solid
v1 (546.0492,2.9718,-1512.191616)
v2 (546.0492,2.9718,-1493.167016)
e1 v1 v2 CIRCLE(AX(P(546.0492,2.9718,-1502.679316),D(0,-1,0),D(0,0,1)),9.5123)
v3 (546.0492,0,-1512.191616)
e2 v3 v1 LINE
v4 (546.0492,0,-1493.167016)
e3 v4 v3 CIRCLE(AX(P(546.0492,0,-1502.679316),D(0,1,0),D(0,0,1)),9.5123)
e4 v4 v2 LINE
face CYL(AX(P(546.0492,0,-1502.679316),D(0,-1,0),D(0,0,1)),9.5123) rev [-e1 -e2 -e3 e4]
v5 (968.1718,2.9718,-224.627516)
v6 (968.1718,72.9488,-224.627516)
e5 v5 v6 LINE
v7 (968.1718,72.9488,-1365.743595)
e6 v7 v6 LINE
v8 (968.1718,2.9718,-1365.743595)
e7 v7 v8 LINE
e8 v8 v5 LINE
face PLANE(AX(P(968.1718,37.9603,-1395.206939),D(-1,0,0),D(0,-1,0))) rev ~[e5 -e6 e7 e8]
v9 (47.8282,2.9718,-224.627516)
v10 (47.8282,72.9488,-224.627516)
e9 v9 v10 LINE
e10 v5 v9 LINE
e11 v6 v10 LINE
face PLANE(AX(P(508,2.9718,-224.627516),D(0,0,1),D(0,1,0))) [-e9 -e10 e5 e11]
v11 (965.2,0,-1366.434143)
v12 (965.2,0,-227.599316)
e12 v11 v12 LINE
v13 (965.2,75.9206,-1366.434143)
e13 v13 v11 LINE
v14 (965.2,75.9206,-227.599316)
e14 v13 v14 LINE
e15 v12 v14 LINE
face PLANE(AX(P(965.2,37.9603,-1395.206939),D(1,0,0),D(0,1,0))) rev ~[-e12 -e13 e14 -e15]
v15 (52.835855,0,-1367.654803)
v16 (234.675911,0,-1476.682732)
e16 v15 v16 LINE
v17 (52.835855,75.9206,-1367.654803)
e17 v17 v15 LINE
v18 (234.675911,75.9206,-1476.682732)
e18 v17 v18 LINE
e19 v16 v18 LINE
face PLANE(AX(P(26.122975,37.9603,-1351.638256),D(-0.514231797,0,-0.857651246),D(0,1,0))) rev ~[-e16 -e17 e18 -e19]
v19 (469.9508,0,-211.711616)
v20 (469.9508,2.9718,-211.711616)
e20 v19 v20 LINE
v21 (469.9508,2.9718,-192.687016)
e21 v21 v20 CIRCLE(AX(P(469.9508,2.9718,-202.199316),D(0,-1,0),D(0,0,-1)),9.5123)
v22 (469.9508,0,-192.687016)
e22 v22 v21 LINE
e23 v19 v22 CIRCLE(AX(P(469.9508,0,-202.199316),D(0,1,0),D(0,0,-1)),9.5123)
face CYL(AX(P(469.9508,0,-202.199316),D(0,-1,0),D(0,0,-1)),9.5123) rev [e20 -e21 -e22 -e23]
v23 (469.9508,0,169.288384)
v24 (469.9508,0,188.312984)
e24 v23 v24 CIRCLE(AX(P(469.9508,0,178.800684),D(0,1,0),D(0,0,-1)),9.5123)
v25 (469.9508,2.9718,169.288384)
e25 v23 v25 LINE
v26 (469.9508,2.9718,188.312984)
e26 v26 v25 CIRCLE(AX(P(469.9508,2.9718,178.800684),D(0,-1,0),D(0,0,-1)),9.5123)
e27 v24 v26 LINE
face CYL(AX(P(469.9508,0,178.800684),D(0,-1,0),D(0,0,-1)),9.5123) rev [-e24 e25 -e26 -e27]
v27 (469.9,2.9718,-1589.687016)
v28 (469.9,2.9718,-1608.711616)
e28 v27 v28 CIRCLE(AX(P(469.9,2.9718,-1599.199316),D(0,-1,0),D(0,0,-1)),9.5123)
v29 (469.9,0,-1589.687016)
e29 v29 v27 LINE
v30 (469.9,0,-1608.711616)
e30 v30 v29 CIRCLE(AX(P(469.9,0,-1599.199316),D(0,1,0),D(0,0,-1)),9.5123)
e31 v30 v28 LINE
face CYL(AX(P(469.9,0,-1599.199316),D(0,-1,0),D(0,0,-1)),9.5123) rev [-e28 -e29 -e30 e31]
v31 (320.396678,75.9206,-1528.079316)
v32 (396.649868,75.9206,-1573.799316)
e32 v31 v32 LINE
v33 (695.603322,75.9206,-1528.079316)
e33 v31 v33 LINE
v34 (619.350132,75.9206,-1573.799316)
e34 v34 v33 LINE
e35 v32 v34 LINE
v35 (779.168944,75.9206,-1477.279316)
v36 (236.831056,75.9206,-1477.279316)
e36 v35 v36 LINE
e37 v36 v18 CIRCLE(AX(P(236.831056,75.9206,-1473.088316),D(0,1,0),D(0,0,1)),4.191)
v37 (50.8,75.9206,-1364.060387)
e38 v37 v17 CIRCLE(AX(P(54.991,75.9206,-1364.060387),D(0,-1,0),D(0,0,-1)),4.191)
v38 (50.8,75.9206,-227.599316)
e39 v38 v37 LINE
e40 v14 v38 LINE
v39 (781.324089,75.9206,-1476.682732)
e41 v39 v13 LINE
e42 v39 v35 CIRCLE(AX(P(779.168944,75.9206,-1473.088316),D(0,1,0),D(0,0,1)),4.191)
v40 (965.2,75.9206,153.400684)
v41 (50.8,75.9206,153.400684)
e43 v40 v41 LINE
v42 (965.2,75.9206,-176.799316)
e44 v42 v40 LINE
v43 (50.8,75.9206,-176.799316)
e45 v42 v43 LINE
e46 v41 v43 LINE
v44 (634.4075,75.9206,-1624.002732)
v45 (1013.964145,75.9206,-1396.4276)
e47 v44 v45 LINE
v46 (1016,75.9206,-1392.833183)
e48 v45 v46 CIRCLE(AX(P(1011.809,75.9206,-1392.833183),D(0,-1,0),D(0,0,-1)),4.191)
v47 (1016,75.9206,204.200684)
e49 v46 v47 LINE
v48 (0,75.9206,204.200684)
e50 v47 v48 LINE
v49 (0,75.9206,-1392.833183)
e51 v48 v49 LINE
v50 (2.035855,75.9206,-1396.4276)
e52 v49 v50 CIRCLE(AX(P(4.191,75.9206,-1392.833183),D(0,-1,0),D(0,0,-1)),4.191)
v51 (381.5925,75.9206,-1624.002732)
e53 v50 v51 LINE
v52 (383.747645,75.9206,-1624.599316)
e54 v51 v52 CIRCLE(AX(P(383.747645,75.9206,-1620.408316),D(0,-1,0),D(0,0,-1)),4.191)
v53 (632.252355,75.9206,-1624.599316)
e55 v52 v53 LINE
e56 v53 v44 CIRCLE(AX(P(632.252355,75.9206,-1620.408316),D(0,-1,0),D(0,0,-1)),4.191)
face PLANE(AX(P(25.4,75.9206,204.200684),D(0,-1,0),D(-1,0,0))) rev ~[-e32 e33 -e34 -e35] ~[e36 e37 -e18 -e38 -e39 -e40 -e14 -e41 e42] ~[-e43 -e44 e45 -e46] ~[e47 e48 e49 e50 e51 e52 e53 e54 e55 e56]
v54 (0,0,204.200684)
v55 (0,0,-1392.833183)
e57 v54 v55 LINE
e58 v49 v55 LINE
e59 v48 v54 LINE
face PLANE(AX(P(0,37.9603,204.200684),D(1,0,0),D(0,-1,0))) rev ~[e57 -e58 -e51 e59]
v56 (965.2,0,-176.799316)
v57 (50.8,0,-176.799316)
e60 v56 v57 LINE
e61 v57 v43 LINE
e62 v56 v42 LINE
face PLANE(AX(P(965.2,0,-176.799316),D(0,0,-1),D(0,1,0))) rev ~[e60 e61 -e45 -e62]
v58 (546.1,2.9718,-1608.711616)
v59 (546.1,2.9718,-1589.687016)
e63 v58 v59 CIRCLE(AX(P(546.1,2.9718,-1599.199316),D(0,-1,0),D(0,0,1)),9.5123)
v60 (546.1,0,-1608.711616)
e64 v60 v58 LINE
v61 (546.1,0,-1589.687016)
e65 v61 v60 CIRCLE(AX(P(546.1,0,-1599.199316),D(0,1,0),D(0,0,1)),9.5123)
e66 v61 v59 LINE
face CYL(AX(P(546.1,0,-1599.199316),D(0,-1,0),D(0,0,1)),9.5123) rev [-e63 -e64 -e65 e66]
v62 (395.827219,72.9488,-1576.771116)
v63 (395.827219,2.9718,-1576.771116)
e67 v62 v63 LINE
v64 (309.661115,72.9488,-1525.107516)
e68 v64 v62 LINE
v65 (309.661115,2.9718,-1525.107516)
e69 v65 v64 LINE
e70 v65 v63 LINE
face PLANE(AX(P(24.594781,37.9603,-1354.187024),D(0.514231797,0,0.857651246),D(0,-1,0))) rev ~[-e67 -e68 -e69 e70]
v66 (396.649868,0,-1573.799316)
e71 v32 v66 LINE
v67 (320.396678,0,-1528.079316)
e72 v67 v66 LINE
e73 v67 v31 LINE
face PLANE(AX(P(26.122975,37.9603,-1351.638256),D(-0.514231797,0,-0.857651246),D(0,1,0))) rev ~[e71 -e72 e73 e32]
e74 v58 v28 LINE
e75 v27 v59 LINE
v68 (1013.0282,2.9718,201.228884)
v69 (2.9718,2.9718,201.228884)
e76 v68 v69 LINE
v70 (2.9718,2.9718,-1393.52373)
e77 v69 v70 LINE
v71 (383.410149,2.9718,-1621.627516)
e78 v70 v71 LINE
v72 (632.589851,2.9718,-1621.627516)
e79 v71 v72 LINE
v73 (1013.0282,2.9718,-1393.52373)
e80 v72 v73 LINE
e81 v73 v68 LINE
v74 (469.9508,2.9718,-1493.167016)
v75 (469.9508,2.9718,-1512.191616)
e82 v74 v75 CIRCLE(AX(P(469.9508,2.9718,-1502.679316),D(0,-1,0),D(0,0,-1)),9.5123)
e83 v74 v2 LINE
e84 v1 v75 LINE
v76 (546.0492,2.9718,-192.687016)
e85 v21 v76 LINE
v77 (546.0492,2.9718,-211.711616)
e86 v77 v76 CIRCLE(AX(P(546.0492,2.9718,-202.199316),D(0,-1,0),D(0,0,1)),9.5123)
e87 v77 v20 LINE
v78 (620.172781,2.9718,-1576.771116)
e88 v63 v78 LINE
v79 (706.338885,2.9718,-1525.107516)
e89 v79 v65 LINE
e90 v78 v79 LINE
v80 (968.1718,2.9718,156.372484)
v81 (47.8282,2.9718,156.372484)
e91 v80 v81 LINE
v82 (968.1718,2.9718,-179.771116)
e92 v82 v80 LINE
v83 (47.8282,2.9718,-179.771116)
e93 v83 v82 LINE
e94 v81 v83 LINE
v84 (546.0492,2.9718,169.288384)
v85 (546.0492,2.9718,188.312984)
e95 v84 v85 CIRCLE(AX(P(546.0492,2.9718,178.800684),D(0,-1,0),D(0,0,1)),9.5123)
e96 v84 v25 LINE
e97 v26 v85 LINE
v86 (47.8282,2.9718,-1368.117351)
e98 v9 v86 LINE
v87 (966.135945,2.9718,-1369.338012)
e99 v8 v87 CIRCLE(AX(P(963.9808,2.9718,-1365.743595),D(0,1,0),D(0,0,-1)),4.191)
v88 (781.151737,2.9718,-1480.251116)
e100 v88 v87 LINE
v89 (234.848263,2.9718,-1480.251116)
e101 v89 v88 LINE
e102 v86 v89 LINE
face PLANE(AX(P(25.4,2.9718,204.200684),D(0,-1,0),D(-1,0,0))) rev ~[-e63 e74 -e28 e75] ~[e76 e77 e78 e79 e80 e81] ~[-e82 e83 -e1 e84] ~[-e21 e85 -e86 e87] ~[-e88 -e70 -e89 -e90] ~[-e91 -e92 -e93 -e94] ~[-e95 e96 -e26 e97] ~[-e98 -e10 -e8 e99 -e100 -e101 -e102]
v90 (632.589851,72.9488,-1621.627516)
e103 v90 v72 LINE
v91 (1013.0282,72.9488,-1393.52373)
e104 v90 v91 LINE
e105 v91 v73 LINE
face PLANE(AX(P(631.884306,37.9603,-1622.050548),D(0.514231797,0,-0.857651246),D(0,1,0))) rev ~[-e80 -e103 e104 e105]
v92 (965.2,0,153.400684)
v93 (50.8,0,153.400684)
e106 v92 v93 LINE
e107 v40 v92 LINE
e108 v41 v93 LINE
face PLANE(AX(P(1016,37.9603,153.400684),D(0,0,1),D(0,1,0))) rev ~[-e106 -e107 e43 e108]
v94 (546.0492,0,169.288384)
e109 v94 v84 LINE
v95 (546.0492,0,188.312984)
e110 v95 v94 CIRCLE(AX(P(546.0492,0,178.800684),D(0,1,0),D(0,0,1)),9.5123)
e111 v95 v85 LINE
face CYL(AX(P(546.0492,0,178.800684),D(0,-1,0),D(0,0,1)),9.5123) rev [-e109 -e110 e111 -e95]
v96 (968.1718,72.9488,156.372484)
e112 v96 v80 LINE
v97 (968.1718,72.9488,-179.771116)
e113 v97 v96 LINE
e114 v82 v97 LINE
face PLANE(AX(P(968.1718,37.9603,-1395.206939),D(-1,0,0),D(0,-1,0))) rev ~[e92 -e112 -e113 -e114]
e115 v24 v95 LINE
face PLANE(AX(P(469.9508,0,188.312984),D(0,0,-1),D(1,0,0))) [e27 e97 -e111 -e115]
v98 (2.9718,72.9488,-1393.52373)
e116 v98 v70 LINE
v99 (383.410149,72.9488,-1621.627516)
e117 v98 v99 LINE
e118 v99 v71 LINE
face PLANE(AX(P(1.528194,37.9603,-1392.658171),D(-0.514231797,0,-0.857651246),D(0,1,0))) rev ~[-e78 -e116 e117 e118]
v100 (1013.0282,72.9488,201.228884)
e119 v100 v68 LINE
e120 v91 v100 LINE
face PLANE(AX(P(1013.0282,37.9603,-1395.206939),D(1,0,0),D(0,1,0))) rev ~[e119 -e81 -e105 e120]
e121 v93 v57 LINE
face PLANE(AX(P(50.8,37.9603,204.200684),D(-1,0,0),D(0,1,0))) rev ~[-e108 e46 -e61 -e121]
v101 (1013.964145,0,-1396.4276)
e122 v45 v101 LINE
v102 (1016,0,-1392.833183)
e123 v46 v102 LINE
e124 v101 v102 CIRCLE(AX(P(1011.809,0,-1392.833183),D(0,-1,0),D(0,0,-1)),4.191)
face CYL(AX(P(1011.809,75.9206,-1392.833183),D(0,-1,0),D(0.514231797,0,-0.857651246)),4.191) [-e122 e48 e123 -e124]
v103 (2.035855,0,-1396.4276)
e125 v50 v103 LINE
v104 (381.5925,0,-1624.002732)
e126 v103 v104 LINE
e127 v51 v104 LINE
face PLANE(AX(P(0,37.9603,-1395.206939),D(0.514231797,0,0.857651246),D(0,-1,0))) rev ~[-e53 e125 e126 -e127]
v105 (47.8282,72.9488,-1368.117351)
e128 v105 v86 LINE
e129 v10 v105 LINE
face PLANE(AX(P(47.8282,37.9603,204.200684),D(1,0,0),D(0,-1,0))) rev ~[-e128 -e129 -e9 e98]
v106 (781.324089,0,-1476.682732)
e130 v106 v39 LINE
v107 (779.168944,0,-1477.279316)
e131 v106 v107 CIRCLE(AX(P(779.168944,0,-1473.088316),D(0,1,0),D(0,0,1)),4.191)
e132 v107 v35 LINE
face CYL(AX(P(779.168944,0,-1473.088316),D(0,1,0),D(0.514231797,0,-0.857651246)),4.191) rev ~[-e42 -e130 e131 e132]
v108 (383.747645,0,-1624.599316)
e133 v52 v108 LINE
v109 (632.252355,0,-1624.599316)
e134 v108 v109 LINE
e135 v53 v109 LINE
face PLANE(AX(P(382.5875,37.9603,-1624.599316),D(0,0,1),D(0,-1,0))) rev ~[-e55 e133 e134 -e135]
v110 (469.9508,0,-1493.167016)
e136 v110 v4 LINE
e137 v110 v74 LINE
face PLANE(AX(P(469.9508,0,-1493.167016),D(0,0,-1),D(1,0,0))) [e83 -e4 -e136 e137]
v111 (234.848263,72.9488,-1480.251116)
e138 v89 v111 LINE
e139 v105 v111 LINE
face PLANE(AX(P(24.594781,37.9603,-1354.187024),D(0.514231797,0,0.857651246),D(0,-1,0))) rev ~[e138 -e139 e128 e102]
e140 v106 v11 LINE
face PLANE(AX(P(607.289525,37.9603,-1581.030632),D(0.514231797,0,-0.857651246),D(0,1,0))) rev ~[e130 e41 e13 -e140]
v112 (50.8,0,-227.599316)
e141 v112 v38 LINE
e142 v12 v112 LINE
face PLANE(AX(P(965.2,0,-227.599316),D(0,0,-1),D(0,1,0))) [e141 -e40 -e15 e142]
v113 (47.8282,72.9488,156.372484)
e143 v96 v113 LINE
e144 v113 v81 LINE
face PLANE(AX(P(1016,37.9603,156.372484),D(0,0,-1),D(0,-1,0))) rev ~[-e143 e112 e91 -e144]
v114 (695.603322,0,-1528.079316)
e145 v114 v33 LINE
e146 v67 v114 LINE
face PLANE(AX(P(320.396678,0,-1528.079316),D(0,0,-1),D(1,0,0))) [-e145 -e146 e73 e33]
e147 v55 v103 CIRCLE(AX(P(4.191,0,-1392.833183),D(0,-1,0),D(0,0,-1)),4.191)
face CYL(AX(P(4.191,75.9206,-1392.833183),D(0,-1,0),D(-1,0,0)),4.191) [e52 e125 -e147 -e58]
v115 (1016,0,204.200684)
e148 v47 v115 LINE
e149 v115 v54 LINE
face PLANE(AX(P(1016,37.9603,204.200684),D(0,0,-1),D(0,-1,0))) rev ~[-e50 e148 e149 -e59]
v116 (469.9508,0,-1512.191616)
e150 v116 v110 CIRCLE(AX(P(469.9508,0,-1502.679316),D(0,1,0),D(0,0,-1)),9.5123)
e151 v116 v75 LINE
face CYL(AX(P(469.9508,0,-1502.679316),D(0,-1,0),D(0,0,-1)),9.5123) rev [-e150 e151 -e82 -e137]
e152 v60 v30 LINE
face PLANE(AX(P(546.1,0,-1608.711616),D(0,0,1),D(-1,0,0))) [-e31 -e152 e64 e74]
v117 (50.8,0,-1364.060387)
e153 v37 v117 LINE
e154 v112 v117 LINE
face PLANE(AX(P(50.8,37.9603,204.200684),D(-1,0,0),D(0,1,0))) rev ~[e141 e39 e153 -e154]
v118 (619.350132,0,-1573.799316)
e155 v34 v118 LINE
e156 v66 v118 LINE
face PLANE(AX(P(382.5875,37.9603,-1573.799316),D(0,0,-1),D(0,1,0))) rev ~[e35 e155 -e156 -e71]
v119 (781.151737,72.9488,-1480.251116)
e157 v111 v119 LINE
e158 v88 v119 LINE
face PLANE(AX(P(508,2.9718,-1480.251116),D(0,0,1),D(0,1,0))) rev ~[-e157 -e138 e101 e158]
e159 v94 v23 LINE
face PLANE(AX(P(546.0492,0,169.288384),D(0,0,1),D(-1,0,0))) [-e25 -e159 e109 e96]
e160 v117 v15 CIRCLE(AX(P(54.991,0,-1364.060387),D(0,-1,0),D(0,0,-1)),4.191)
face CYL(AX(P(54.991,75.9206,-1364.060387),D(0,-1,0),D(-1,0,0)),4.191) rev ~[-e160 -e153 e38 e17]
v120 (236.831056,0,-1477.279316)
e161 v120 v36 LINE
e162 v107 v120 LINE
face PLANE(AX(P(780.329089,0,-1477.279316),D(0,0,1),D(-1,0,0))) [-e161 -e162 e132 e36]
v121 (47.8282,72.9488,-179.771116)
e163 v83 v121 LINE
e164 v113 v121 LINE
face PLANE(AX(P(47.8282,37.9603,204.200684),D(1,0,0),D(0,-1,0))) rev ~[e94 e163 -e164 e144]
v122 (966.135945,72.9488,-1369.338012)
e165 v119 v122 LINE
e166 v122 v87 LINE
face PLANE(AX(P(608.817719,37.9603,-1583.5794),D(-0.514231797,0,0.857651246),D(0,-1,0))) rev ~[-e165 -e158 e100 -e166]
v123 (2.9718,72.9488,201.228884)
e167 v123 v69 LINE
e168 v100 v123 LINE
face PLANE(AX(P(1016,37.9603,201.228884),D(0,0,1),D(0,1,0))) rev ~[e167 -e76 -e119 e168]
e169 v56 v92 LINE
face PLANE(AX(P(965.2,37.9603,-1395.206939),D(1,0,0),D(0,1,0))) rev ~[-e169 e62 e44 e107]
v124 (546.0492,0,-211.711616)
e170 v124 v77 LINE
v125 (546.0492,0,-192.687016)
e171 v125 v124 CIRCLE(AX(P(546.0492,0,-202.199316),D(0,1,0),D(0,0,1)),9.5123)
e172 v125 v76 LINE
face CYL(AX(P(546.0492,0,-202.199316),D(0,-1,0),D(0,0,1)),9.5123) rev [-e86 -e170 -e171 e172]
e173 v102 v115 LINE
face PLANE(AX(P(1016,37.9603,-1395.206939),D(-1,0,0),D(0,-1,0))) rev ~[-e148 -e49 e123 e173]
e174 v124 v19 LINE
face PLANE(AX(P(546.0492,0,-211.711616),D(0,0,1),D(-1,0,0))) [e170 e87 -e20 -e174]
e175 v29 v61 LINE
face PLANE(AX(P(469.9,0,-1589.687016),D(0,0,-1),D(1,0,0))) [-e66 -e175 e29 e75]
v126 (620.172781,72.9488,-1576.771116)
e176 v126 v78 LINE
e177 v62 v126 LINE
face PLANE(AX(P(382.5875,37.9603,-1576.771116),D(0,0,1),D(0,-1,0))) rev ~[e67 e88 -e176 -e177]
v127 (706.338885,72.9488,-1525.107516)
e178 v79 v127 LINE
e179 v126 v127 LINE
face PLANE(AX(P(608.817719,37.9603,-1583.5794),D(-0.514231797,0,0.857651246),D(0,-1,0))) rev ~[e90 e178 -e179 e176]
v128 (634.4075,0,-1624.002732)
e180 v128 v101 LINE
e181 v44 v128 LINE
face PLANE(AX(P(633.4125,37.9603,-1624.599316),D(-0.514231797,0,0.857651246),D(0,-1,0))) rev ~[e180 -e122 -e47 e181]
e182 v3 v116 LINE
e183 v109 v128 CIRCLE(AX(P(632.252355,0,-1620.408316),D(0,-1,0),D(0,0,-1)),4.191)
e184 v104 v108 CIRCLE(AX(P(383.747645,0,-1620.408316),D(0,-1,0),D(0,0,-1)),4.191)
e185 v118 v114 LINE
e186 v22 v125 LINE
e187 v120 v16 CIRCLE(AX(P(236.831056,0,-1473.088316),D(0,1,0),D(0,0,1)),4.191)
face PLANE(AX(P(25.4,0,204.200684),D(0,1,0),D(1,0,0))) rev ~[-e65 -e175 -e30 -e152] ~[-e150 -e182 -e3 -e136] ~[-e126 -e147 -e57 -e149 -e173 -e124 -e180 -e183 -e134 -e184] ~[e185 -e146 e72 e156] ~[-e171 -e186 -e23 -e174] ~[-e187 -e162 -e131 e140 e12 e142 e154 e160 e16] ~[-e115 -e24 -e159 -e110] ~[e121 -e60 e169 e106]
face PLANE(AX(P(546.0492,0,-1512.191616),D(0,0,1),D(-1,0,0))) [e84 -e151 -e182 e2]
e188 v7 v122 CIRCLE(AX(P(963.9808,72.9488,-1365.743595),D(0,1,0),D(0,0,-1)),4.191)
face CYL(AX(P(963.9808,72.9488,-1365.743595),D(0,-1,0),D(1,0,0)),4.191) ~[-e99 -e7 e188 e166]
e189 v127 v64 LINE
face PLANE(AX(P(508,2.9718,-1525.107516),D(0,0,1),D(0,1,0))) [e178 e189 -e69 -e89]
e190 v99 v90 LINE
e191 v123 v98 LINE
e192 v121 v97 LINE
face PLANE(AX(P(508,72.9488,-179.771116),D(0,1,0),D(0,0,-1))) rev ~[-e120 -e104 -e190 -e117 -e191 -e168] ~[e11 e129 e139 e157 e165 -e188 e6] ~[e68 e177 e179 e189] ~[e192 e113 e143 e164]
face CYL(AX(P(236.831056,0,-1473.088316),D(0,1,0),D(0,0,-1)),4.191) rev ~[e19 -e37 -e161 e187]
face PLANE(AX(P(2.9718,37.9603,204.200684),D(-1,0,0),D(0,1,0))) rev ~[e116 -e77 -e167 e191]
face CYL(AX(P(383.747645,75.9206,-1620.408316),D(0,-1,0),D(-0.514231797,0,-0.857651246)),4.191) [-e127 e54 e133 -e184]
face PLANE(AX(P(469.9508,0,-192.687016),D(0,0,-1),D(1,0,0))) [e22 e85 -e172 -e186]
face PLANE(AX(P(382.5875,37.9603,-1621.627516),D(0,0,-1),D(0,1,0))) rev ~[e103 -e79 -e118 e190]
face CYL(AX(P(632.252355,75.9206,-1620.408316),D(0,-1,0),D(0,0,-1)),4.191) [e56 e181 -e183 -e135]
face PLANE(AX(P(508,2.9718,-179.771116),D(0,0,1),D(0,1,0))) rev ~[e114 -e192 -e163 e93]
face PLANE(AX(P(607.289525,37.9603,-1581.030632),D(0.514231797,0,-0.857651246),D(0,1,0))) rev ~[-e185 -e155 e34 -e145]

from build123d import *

# Parameters (mm, degrees)
SKETCH2_W               = 50.8
SKETCH2_H               = 75.9206
SKETCH2_W_2             = 44.8564
SKETCH2_H_2             = 69.977
CUT_EXTRUDE1_DEPTH      = 25.4
CUT_EXTRUDE2_DEPTH      = 25.4
BOSS_EXTRUDE1_REACH     = 967.2
SKETCH7_W               = 50.8
SKETCH7_H               = 75.9206
CUT_EXTRUDE3_DEPTH      = 25.4
SKETCH11_W              = 44.8564
SKETCH11_H              = 69.977
CUT_EXTRUDE4_DEPTH      = 482.6
CUT_EXTRUDE4_DEPTH_BACK = 482.6
BOSS_EXTRUDE2_DEPTH     = 75.9206
SKETCH13_W              = 44.8564
SKETCH13_H              = 69.977
CUT_EXTRUDE5_DEPTH      = 279.4
CUT_EXTRUDE5_DEPTH_BACK = 279.4
CUT_EXTRUDE6_DEPTH      = 25.4
FILLET2_R               = 4.191
FILLET3_R               = 4.191


with BuildPart() as part:
    # Sweep1: sweep along a path in Sketch3
    with BuildLine(Plane(origin=(0, 0, 0), x_dir=(1, 0, 0), z_dir=(0, 1, 0))) as sweep1_path:
        Line((0, -204.200684232), (0, 1395.206939042))
        Line((0, 1395.206939042), (382.5875, 1624.599315768))
        Line((382.5875, 1624.599315768), (633.4125, 1624.599315768))
        Line((633.4125, 1624.599315768), (1016, 1395.206939042))
        Line((1016, 1395.206939042), (1016, -204.200684232))
        Line((1016, -204.200684232), (0, -204.200684232))
    # Sketch2 → Sweep1 (sweep)
    with BuildSketch(Plane.XY):
        with Locations((25.4, 37.9603)):
            Rectangle(SKETCH2_W, SKETCH2_H)
        with Locations((25.4, 37.9603)):
            Rectangle(SKETCH2_W_2, SKETCH2_H_2, mode=Mode.SUBTRACT)
    sweep(path=sweep1_path.line, transition=Transition.RIGHT)

    # Sketch4 → Cut-Extrude1 (cut)
    with BuildSketch(Plane.XZ):
        with BuildLine():
            Line((469.9508, 188.312984232), (546.0492, 188.312984232))
            ThreePointArc((546.0492, 188.312984232), (555.5615, 178.800684232), (546.0492, 169.288384232))
            Line((546.0492, 169.288384232), (469.9508, 169.288384232))
            ThreePointArc((469.9508, 169.288384232), (460.4385, 178.800684232), (469.9508, 188.312984232))
        make_face()
    extrude(amount=-CUT_EXTRUDE1_DEPTH, mode=Mode.SUBTRACT)

    # Sketch5 → Cut-Extrude2 (cut)
    with BuildSketch(Plane.XZ):
        with BuildLine():
            Line((469.9, -1589.687015768), (546.1, -1589.687015768))
            ThreePointArc((546.1, -1589.687015768), (555.6123, -1599.199315768), (546.1, -1608.711615768))
            Line((546.1, -1608.711615768), (469.9, -1608.711615768))
            ThreePointArc((469.9, -1608.711615768), (460.3877, -1599.199315768), (469.9, -1589.687015768))
        make_face()
    extrude(amount=-CUT_EXTRUDE2_DEPTH, mode=Mode.SUBTRACT)

    # Sketch7 → Boss-Extrude1 (add, up to next)
    with BuildSketch(Plane.ZY.offset(-965.2), mode=Mode.PRIVATE) as boss_extrude1_sk1:
        with Locations((-202.199315768, 37.9603)):
            Rectangle(SKETCH7_W, SKETCH7_H)
    boss_extrude1_tool1 = extrude(boss_extrude1_sk1.sketch, amount=BOSS_EXTRUDE1_REACH, mode=Mode.PRIVATE) - part.part
    add(boss_extrude1_tool1.solids().sort_by_distance((965.2, 37.9603, -202.199316))[0])

    # Sketch8 → Cut-Extrude3 (cut)
    with BuildSketch(Plane.XZ):
        with BuildLine():
            Line((469.9508, -192.687015768), (546.0492, -192.687015768))
            ThreePointArc((546.0492, -192.687015768), (555.5615, -202.199315768), (546.0492, -211.711615768))
            Line((546.0492, -211.711615768), (469.9508, -211.711615768))
            ThreePointArc((469.9508, -211.711615768), (460.4385, -202.199315768), (469.9508, -192.687015768))
        make_face()
    extrude(amount=-CUT_EXTRUDE3_DEPTH, mode=Mode.SUBTRACT)

    # Sketch11 → Cut-Extrude4 (cut, two sides)
    with BuildSketch(Plane(origin=(508, 0, 0), x_dir=(0, 0, -1), z_dir=(1, 0, 0))) as cut_extrude4_sk:
        with Locations((202.199315768, 37.9603)):
            Rectangle(SKETCH11_W, SKETCH11_H)
    extrude(amount=CUT_EXTRUDE4_DEPTH, mode=Mode.SUBTRACT)
    extrude(cut_extrude4_sk.sketch, amount=-CUT_EXTRUDE4_DEPTH_BACK, mode=Mode.SUBTRACT)

    # Sketch12 → Boss-Extrude2 (add)
    with BuildSketch(Plane(origin=(0, 0, 0), x_dir=(1, 0, 0), z_dir=(0, 1, 0))):
        Polygon((320.396677865, 1528.079315768), (695.603322135, 1528.079315768), (780.329088864, 1477.279315768), (235.670911136, 1477.279315768), align=None)
    extrude(amount=BOSS_EXTRUDE2_DEPTH)

    # Sketch13 → Cut-Extrude5 (cut, two sides)
    with BuildSketch(Plane(origin=(508, 0, 0), x_dir=(0, 0, -1), z_dir=(1, 0, 0))) as cut_extrude5_sk:
        with Locations((1502.679315768, 37.9603)):
            Rectangle(SKETCH13_W, SKETCH13_H)
    extrude(amount=CUT_EXTRUDE5_DEPTH, mode=Mode.SUBTRACT)
    extrude(cut_extrude5_sk.sketch, amount=-CUT_EXTRUDE5_DEPTH_BACK, mode=Mode.SUBTRACT)

    # Sketch14 → Cut-Extrude6 (cut)
    with BuildSketch(Plane.XZ):
        with BuildLine():
            Line((469.9508, -1493.167015768), (546.0492, -1493.167015768))
            ThreePointArc((546.0492, -1493.167015768), (555.5615, -1502.679315768), (546.0492, -1512.191615768))
            Line((546.0492, -1512.191615768), (469.9508, -1512.191615768))
            ThreePointArc((469.9508, -1512.191615768), (460.4385, -1502.679315768), (469.9508, -1493.167015768))
        make_face()
    extrude(amount=-CUT_EXTRUDE6_DEPTH, mode=Mode.SUBTRACT)

    # Fillet2
    fillet2_edges = [part.edges().sort_by_distance(p)[0] for p in [
        (1016, 37.9603, -1395.206939042),
        (0, 37.9603, -1395.206939042),
        (633.4125, 37.9603, -1624.599315768),
        (382.5875, 37.9603, -1624.599315768),
    ]]
    fillet(fillet2_edges, radius=FILLET2_R)

    # Fillet3
    fillet3_edges = [part.edges().sort_by_distance(p)[0] for p in [
        (235.670911136, 37.9603, -1477.279315768),
        (780.329088864, 37.9603, -1477.279315768),
        (50.8, 37.9603, -1366.434142591),
        (968.1718, 37.9603, -1368.117351183),
    ]]
    fillet(fillet3_edges, radius=FILLET3_R)


solid = part.part
